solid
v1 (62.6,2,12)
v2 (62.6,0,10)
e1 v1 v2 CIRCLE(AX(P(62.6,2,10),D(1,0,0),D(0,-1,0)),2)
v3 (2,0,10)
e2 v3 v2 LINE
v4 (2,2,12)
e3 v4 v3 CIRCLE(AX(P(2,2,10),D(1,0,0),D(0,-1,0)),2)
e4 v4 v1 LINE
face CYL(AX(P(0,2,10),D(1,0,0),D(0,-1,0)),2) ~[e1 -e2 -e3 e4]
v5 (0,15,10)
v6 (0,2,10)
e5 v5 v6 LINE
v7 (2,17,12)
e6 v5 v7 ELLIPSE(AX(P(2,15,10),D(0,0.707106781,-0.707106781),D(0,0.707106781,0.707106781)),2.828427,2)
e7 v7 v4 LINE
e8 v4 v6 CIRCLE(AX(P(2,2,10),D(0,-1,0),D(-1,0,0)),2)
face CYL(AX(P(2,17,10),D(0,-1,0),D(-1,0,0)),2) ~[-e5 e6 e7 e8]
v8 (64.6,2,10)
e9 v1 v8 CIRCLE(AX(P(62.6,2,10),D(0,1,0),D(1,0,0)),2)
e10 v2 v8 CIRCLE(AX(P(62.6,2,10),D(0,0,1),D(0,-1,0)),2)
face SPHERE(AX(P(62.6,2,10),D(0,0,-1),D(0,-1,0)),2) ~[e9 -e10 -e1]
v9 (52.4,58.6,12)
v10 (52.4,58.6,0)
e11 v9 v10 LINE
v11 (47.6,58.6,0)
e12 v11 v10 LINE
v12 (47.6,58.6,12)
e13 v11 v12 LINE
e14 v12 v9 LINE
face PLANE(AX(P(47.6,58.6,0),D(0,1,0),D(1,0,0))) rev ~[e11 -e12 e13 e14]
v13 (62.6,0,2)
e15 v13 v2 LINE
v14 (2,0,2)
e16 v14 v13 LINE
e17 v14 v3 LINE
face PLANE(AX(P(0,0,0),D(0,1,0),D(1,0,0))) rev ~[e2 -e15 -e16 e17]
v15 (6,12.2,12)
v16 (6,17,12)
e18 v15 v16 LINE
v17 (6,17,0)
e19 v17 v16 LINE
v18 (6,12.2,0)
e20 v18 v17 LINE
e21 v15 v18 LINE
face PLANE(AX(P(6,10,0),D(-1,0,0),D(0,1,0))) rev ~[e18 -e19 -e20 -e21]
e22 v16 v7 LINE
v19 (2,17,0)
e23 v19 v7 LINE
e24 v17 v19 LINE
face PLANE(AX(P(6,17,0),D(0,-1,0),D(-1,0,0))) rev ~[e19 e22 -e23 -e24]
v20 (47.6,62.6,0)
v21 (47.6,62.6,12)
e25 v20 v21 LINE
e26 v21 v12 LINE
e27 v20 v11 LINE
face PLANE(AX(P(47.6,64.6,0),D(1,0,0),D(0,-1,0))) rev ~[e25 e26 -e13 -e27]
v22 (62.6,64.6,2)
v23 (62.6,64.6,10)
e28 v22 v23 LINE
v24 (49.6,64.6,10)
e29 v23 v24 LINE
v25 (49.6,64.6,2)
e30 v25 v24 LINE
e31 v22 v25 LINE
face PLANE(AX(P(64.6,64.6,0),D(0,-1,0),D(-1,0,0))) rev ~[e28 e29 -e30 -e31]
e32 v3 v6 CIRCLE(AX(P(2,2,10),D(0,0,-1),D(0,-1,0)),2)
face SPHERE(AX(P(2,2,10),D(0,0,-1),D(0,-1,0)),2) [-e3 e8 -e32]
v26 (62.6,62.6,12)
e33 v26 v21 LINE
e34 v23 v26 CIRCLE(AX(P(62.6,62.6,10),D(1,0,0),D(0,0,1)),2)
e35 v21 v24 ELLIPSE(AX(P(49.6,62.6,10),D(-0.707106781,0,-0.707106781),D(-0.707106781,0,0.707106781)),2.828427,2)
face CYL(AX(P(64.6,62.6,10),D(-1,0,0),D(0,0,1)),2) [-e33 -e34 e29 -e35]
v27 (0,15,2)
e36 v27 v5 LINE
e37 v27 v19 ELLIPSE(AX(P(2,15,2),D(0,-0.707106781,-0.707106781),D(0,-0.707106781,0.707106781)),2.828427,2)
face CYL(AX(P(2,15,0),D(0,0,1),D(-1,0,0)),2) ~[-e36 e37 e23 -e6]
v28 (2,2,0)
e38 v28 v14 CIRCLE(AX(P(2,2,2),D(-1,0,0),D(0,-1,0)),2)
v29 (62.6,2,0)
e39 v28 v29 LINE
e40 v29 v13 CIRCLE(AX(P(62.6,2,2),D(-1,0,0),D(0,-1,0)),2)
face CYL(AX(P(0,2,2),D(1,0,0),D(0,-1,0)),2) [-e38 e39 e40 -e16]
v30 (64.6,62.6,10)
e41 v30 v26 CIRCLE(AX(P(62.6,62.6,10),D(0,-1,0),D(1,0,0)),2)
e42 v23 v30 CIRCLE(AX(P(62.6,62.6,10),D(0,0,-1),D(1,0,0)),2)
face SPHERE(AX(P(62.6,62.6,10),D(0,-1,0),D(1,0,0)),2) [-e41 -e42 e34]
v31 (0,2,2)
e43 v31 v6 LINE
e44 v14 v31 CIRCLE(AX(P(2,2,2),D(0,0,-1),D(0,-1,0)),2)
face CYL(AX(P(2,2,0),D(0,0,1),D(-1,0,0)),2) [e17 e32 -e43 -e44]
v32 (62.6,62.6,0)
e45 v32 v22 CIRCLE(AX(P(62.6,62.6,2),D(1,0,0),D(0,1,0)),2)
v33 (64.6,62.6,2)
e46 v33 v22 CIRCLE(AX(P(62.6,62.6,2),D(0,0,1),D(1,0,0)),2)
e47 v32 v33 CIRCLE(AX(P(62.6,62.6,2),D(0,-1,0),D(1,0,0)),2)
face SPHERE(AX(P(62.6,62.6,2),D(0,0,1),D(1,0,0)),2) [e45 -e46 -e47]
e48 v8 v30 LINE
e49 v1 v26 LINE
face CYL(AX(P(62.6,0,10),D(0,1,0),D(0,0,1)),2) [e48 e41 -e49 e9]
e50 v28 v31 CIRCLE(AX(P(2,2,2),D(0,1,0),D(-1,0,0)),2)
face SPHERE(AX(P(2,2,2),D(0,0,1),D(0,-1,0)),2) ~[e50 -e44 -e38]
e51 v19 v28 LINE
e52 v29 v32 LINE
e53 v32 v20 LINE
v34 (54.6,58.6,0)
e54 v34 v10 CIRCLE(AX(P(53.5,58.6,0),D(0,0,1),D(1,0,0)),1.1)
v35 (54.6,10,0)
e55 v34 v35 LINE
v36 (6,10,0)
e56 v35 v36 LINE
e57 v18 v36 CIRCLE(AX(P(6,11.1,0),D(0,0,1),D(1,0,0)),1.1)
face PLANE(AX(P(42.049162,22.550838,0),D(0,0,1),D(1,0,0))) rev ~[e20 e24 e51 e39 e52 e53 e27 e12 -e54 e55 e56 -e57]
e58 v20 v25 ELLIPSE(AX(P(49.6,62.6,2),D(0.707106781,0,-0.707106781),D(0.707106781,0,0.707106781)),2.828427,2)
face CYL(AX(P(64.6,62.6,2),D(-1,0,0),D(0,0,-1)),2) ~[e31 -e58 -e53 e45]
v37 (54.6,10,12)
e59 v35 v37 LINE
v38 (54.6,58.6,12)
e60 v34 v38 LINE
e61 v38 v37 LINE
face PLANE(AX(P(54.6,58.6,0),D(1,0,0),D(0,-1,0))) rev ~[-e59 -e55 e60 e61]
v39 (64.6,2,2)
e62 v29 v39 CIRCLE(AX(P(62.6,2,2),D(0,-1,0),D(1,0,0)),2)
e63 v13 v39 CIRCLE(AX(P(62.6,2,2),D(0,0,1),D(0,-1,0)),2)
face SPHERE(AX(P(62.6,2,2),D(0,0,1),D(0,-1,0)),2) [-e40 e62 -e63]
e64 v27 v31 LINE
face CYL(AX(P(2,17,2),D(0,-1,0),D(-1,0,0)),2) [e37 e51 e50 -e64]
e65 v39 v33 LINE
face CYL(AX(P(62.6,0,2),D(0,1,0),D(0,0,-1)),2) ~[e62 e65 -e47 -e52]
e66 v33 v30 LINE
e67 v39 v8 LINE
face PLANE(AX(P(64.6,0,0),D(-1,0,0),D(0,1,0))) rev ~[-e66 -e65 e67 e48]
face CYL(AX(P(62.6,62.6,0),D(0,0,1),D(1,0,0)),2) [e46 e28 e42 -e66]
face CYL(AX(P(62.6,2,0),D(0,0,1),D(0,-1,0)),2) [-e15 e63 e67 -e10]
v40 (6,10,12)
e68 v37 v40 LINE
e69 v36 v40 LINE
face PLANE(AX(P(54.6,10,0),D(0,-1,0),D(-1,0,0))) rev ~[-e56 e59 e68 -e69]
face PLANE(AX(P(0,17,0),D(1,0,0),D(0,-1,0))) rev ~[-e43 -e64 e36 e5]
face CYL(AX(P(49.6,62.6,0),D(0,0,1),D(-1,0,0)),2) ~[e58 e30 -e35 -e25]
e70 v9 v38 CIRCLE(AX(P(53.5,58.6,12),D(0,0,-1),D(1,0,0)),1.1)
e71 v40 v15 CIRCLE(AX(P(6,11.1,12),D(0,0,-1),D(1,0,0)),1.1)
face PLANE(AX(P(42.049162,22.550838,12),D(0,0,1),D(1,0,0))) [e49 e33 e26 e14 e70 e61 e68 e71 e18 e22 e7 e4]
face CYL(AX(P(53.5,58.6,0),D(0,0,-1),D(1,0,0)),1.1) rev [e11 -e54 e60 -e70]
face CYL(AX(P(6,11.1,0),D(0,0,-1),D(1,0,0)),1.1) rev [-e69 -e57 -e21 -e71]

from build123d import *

# Parameters (mm, degrees)
F1_DEPTH = 12
F2_R     = 1.1
F3_DEPTH = 12.001
F4_R     = 2


with BuildPart() as f1:
    # F0 (on Top) → F1 (new body)
    with BuildSketch(Plane.XY):
        Polygon((0, 17), (0, 0), (64.6, 0), (64.6, 58.6), (64.6, 64.6), (47.6, 64.6), (47.6, 58.6), (54.6, 58.6), (54.6, 10), (6, 10), (6, 17), align=None)
    extrude(amount=F1_DEPTH)

    # F2 (on Top) → F3 (cut, through all)
    with BuildSketch(Plane.XY):
        with Locations((6, 11.1)):
            Circle(F2_R)
        with Locations((53.5, 58.6)):
            Circle(F2_R)
    extrude(amount=F3_DEPTH, mode=Mode.SUBTRACT)

    # F4
    f4_edges = [f1.edges().sort_by_distance(p)[0] for p in [
        (0, 0, 6),
        (64.6, 0, 6),
        (32.3, 0, 0),
        (32.3, 0, 12),
        (0, 17, 6),
        (0, 8.5, 0),
        (0, 8.5, 12),
        (64.6, 32.3, 12),
        (64.6, 64.6, 6),
        (64.6, 32.3, 0),
        (47.6, 64.6, 6),
        (56.1, 64.6, 0),
        (56.1, 64.6, 12),
    ]]
    fillet(f4_edges, radius=F4_R)


solid = f1.part
